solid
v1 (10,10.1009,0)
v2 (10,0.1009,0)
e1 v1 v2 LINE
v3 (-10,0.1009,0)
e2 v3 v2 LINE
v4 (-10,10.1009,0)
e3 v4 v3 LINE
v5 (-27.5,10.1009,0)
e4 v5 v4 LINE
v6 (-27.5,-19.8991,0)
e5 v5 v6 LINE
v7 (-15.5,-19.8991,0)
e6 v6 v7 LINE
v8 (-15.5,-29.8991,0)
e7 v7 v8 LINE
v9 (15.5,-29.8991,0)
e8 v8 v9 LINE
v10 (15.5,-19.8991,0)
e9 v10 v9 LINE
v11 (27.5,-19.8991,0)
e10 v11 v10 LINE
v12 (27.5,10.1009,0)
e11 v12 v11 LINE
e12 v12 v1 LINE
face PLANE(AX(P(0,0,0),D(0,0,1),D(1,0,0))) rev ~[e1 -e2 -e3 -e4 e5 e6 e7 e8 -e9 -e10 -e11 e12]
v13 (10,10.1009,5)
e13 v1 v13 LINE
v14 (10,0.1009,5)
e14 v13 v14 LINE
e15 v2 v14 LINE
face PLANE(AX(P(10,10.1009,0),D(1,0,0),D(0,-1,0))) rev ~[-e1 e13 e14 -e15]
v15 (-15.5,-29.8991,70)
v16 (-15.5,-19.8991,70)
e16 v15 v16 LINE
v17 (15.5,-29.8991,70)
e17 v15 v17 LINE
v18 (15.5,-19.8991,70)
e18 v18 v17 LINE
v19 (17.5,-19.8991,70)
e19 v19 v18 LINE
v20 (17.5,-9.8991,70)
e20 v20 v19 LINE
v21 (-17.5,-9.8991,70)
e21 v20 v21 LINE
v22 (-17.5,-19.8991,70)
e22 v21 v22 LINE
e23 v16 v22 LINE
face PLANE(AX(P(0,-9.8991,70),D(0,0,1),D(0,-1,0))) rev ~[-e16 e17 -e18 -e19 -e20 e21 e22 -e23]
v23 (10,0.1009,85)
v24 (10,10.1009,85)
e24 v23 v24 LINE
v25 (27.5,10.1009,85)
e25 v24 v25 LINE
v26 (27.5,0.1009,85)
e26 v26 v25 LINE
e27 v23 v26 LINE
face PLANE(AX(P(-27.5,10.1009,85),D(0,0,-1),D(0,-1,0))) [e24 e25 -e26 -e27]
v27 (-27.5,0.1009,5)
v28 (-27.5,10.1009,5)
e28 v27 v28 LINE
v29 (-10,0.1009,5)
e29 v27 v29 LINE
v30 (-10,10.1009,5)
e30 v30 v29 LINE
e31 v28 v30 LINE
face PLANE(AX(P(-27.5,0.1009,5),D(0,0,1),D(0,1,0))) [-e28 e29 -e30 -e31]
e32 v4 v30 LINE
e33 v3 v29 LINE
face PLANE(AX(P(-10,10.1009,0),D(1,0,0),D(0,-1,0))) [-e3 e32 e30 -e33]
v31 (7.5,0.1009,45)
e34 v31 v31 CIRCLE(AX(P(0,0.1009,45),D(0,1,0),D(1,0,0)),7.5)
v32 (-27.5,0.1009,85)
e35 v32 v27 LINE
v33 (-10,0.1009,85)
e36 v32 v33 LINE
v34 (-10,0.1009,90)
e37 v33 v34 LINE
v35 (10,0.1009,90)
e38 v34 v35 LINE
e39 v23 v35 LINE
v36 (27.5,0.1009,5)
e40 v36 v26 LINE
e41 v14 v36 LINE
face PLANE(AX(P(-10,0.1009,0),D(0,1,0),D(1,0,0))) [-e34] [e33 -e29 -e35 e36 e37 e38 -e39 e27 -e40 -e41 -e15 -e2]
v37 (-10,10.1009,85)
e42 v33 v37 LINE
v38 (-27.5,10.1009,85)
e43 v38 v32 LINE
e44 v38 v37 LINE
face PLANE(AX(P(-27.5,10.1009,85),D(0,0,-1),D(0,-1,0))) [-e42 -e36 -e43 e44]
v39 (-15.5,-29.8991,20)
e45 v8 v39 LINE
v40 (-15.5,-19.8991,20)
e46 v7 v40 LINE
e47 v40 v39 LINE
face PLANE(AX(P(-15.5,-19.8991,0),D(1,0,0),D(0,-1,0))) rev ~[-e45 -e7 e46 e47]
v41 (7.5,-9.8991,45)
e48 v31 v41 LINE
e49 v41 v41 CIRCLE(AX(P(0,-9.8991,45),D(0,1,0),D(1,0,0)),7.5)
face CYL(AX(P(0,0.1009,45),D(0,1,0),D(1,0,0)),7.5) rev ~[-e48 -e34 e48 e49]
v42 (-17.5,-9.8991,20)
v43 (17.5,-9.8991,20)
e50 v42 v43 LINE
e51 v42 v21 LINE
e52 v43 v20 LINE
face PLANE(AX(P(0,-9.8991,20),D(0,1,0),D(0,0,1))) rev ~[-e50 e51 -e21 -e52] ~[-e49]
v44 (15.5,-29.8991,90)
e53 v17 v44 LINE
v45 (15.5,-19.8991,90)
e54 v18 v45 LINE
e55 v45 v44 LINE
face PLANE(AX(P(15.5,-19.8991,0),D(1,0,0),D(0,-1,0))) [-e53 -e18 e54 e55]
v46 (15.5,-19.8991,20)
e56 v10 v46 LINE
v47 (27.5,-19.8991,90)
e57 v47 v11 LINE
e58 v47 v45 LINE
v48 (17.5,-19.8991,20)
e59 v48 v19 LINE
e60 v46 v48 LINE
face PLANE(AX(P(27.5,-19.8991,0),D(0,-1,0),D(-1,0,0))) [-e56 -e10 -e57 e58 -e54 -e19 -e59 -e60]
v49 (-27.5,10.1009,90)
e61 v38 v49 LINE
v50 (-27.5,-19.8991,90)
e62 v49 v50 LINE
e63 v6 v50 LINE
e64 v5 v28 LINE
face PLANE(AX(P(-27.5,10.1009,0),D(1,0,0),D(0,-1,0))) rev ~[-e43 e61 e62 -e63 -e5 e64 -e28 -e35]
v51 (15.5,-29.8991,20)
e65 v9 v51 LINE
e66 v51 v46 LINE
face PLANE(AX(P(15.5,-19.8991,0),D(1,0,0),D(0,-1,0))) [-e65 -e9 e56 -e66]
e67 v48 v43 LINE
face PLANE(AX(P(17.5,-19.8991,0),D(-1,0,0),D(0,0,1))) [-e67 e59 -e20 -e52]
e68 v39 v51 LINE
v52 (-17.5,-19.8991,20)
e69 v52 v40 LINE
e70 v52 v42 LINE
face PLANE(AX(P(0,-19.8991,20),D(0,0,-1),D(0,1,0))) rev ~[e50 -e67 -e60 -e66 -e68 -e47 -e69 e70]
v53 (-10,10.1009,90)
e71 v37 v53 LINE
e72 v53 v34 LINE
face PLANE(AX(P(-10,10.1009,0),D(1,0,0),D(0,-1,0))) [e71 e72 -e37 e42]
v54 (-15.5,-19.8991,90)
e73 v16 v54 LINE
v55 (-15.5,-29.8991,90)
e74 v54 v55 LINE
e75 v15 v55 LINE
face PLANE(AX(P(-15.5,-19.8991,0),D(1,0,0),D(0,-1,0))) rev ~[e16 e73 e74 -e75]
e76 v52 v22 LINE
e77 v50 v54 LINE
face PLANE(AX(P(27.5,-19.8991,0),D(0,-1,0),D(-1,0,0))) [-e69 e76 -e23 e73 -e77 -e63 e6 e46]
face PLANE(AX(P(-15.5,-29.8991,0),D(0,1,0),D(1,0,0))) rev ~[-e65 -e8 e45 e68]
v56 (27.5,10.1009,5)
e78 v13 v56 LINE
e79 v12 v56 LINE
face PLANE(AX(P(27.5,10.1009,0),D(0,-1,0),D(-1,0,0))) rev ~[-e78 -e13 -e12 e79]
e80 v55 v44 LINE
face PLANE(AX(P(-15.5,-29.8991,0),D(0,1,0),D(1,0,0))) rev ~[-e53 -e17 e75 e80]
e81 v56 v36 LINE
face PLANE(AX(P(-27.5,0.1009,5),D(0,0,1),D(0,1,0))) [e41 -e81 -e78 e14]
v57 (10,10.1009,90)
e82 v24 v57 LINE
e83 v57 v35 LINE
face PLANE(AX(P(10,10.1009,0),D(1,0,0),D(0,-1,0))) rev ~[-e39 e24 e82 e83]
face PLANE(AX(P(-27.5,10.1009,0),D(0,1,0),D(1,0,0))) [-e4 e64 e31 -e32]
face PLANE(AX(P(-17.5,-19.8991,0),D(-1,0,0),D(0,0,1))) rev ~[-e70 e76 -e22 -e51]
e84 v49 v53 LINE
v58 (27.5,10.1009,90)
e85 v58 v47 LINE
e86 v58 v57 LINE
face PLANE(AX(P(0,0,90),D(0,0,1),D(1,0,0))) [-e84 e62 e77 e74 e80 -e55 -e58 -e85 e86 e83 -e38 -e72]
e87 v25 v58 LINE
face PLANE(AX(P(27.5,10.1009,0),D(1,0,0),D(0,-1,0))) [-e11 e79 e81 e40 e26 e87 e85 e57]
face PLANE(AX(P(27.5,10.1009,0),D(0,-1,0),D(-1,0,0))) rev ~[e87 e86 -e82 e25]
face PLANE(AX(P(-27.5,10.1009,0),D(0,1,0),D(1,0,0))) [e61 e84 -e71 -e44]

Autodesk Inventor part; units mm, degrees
ref_plane "YZ Plane" through (0, 0, 0) normal (1, 0, 0) x (0, 1, 0)
ref_plane "XZ Plane" through (0, 0, 0) normal (0, 1, 0) x (-1, 0, 0)
ref_plane "XY Plane" through (0, 0, 0) normal (0, 0, 1) x (1, 0, 0)
sketch "Szkic1" plane through (0, 0, 0) normal (0, 0, 1) x (1, 0, 0)
  line L0 (-27.5, 10.1009) -> (-10, 10.1009)
  line L1 (-10, 10.1009) -> (-10, 0.1009)
  line L2 (-10, 0.1009) -> (10, 0.1009)
  line L3 (-27.5, 10.1009) -> (-27.5, -19.8991)
  line L4 (-27.5, -19.8991) -> (-15.5, -19.8991)
  line L5 (-15.5, -19.8991) -> (-15.5, -29.8991)
  line L6 (-15.5, -29.8991) -> (15.5, -29.8991)
  line L7 (27.5, 10.1009) -> (10, 10.1009)
  line L8 (10, 10.1009) -> (10, 0.1009)
  line L9 (27.5, 10.1009) -> (27.5, -19.8991)
  line L10 (27.5, -19.8991) -> (15.5, -19.8991)
  line L11 (15.5, -19.8991) -> (15.5, -29.8991)
  point P0 (0, 0)
  dimension "d1" = 55
  dimension "d2" = 17.5
  dimension "d3" = 20
  dimension "d4" = 12
  dimension "d5" = 12
  dimension "d6" = 10
  dimension "d14" = 40
  dimension "d15" = 40
  dimension "d16" = 10
  dimension "d17" = 10
extrude "Wyciągnięcie proste1" add sketch "Szkic1" along normal blind 90
sketch "Szkic3" plane through (-27.5, -19.8991, 0) normal (-1, 0, 0) x (0, 0, 1)
  line L0 (5, 30) -> (85, 30)
  line L1 (85, 30) -> (85, 20)
  line L2 (85, 20) -> (5, 20)
  line L3 (5, 20) -> (5, 30)
  line L4 (0, 30) -> (0, 0) projected
  line L5 (0, 30) -> (90, 30) projected
  point P0 (0, 19.8991)
  dimension "d19" = 5
  dimension "d20" = 10
extrude "Wyciągnięcie proste3" cut sketch "Szkic3" against normal through all
sketch "Szkic4" plane through (-15.5, -29.8991, 0) normal (-1, 0, 0) x (0, 0, 1)
  line L0 (20, 0) -> (70, 0)
  line L1 (70, 0) -> (70, 10)
  line L2 (70, 10) -> (20, 10)
  line L3 (20, 10) -> (20, 0)
  line L4 (0, 10) -> (0, 0) projected
  point P0 (0, 29.8991)
  dimension "d23" = 20
  dimension "d24" = 50
extrude "Wyciągnięcie proste4" cut sketch "Szkic4" against normal through all
sketch "Szkic5" plane through (-10, 0.1009, 0) normal (0, 1, 0) x (1, 0, 0)
  line L0 (0, -85) -> (0, -90) construction
  line L1 (20, -90) -> (0, -90) construction
  line L2 (20, -85) -> (20, -90) construction
  line L3 (20, -85) -> (37.5, -85) construction
  line L4 (37.5, -5) -> (37.5, -85) construction
  line L5 (20, -5) -> (37.5, -5) construction
  line L6 (20, 0) -> (20, -5) construction
  line L7 (20, 0) -> (0, 0) construction
  line L8 (0, 0) -> (0, -5) construction
  line L9 (-17.5, -5) -> (0, -5) construction
  line L10 (-17.5, -85) -> (-17.5, -5) construction
  line L11 (-17.5, -85) -> (0, -85) construction
  circle A0 centre (10, -45) radius 7.5
  point P0 (10, 0)
  dimension "d27" = 15
extrude "Wyciągnięcie proste5" cut sketch "Szkic5" against normal through all
ref_plane "Płaszczyzna konstrukcyjna1" through (0, -19.8991, 0) normal (-1, 0, 0) x (0, 0, 1)
sketch "Szkic6" plane through (0, -19.8991, 0) normal (-1, 0, 0) x (0, 0, 1)
  line L0 (85, 30) -> (85, 20) projected
  line L1 (85, 20) -> (5, 20) projected
  line L2 (5, 20) -> (5, 30) projected
  line L3 (0, 30) -> (5, 30) projected
  line L4 (0, 30) -> (0, 0) projected
  line L5 (0, 0) -> (90, 0) projected
  line L6 (90, 30) -> (90, 0) projected
  line L7 (85, 30) -> (90, 30) projected
  line L8 (70, 0) -> (20, 0)
  line L9 (20, 0) -> (20, 10)
  line L10 (20, 10) -> (70, 10)
  line L11 (70, 10) -> (70, 0)
  point P0 (0, 19.8991)
extrude "Wyciągnięcie proste6" cut sketch "Szkic6" along normal mid plane 35 contours L5 L9 L10 L11
properties part number "Bartosz_Zukowski_model_nr_5_1"
